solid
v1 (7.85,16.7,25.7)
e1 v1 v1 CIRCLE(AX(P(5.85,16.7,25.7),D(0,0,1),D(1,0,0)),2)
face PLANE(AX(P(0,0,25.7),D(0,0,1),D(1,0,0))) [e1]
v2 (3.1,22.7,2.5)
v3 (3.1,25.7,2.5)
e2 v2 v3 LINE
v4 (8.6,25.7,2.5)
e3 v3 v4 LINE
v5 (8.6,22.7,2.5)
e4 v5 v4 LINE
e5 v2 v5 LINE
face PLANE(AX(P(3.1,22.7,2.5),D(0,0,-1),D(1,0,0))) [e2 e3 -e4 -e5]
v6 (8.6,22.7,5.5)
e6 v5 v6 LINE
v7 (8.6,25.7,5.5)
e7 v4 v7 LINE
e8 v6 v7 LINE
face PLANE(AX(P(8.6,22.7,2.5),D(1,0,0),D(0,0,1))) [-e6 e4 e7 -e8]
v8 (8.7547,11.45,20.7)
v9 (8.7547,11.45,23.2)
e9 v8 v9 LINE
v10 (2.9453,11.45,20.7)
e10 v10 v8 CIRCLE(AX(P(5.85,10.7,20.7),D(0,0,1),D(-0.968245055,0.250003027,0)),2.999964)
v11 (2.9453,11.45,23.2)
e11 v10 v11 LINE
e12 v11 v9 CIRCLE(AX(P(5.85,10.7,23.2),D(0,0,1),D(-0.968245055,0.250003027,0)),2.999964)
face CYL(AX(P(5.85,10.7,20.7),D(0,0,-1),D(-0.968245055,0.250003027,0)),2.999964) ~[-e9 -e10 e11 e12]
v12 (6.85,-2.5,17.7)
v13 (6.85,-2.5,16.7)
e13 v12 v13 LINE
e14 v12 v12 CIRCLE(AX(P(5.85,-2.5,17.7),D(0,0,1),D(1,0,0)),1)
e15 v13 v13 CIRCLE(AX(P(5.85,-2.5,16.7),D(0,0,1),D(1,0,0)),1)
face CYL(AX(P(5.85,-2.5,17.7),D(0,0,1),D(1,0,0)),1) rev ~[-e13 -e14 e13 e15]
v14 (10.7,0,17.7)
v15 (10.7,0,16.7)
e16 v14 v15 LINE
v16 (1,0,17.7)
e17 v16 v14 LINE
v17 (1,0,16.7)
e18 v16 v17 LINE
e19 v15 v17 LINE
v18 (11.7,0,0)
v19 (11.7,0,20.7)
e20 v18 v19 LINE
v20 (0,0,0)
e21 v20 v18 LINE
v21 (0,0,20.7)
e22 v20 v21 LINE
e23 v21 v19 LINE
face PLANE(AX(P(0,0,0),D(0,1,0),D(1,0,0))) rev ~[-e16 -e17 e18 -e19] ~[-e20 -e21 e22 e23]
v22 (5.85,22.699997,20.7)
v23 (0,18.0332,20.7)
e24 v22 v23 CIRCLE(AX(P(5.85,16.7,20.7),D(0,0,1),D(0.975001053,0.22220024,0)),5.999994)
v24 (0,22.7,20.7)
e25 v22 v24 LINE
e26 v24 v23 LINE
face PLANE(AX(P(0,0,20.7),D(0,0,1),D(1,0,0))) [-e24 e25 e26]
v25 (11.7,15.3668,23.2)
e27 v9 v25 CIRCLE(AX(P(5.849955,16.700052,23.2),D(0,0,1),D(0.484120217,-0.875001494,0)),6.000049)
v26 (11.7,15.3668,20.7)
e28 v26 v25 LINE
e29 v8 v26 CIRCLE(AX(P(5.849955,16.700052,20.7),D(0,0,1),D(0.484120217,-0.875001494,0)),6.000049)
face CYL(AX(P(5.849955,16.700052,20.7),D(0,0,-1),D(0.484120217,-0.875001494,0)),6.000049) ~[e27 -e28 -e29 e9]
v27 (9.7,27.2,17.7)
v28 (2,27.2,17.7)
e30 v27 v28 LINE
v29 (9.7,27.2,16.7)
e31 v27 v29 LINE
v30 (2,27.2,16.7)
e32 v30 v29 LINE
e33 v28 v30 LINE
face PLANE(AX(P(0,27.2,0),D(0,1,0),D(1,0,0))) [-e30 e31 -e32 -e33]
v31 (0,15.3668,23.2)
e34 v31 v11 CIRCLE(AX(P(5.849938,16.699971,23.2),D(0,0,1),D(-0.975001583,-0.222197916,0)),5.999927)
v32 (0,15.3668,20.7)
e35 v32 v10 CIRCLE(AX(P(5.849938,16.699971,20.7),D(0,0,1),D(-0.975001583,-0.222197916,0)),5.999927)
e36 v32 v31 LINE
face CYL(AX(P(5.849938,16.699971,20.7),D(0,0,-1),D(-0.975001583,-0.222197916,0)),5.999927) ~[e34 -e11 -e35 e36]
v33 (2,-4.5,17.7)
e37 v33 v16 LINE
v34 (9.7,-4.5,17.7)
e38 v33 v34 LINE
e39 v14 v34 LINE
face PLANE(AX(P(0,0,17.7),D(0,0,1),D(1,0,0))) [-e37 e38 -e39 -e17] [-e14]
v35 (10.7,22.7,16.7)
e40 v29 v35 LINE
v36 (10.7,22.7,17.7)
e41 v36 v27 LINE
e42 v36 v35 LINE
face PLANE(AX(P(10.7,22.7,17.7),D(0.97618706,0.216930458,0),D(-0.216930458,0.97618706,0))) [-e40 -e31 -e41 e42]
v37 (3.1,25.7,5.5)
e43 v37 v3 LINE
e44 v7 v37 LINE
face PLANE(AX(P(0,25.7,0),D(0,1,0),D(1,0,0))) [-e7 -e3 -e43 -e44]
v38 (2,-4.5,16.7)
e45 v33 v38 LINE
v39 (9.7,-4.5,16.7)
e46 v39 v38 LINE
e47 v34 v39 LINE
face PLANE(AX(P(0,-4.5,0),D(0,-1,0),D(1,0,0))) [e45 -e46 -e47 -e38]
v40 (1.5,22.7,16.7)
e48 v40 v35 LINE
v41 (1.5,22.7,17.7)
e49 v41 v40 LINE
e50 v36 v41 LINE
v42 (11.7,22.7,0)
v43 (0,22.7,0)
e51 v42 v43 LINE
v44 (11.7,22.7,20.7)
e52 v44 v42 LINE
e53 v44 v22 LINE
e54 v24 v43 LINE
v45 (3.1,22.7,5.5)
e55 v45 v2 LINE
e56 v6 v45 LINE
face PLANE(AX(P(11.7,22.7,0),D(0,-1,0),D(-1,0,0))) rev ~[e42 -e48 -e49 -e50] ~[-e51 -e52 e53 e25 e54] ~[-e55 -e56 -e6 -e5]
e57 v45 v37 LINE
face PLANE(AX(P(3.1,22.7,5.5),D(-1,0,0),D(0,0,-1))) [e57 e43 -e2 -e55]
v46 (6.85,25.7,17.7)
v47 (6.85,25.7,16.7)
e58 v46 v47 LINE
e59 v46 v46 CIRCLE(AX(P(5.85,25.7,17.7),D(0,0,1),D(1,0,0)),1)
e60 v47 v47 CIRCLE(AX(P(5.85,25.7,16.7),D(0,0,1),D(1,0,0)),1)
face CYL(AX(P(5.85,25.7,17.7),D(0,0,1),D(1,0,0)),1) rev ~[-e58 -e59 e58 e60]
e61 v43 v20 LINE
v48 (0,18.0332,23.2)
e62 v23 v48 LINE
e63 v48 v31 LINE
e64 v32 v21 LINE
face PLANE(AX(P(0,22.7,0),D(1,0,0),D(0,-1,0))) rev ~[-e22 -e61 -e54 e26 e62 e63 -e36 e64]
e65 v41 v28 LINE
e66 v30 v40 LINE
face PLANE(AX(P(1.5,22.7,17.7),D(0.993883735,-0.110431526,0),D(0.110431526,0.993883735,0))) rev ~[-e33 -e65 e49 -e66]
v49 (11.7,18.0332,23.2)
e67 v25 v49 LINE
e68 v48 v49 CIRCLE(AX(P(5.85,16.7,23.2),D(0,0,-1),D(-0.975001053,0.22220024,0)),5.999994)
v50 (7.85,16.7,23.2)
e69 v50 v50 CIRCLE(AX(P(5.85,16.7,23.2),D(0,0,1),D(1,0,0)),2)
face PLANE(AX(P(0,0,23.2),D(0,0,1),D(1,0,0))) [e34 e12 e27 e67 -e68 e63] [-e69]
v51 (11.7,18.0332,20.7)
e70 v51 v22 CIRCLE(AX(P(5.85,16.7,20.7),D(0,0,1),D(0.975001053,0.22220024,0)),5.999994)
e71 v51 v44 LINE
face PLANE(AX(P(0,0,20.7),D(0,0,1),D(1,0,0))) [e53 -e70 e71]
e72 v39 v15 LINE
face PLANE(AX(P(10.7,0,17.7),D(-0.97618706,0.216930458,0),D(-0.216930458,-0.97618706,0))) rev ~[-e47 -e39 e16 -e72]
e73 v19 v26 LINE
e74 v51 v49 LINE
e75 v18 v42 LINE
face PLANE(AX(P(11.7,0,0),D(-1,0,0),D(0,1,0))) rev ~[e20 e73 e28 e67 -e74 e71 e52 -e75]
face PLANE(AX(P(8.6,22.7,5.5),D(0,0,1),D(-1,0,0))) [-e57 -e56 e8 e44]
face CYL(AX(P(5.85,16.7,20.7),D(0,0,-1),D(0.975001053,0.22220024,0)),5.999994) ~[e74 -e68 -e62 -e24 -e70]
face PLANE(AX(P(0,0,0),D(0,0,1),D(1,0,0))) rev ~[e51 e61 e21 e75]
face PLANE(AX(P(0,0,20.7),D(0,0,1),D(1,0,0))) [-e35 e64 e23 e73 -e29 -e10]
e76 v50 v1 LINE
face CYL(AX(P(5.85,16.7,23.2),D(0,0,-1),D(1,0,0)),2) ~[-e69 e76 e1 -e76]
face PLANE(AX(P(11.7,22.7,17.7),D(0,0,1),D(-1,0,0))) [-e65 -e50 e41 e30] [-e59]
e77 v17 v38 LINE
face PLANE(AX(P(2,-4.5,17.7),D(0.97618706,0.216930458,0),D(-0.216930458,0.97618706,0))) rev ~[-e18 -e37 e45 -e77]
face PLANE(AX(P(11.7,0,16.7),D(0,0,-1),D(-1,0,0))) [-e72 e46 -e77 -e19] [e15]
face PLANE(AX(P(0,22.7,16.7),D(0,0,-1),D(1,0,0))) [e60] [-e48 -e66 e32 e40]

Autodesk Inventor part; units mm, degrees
ref_plane "YZ Plane" through (0, 0, 0) normal (1, 0, 0) x (0, 1, 0)
ref_plane "XZ Plane" through (0, 0, 0) normal (0, 1, 0) x (-1, 0, 0)
ref_plane "XY Plane" through (0, 0, 0) normal (0, 0, 1) x (1, 0, 0)
sketch "スケッチ1" plane through (0, 0, 0) normal (0, 0, 1) x (1, 0, 0)
  line L0 (0, 0) -> (11.7, 0)
  line L1 (11.7, 0) -> (11.7, 22.7)
  line L2 (11.7, 22.7) -> (0, 22.7)
  line L3 (0, 22.7) -> (0, 0)
  dimension "d0" = 11.7
  dimension "d1" = 22.7
extrude "押し出し1" add sketch "スケッチ1" along normal blind 20.7
sketch "スケッチ2" plane through (0, 0, 20.7) normal (0, 0, 1) x (1, 0, 0)
  line L0 (11.7, 22.7) -> (0, 22.7) projected
  arc A0 (2.9453, 11.45) -> (8.7547, 11.45) centre (5.85, 10.7) ccw
  line L1 (0, 22.7) -> (0, 0) projected
  line L2 (11.7, 0) -> (11.7, 22.7) projected
  arc A1 (0, 15.3668) -> (2.9453, 11.45) centre (5.85, 16.7) ccw
  arc A2 (8.7547, 11.45) -> (11.7, 15.3668) centre (5.85, 16.7) ccw
  arc A3 (11.7, 18.0332) -> (0, 18.0332) centre (5.85, 16.7) ccw
  dimension "d5" = 6
  dimension "d6" = 6
extrude "押し出し2" add sketch "スケッチ2" along normal blind 2.5 contours A3 L2 A2 A0 A1 L1
sketch "スケッチ3" plane through (0, 0, 23.2) normal (0, 0, 1) x (1, 0, 0)
  arc A0 (11.7, 18.0332) -> (0, 18.0332) centre (5.85, 16.7) ccw projected
  circle A1 centre (5.85, 16.7) radius 2
  point P0 (0, 0)
  dimension "d9" = 4
extrude "押し出し3" add sketch "スケッチ3" along normal blind 2.5
sketch "スケッチ4" plane through (0, 0, 0) normal (0, -1, 0) x (1, 0, 0)
  line L0 (11.7, 0) -> (11.7, 20.7) projected
  line L1 (0, 17.7) -> (11.7, 17.7)
  line L2 (11.7, 17.7) -> (11.7, 16.7)
  line L3 (11.7, 16.7) -> (0, 16.7)
  line L4 (0, 16.7) -> (0, 17.7)
  point P0 (0, 0)
  dimension "d12" = 1
extrude "押し出し4" add sketch "スケッチ4" along normal blind 4.5
sketch "スケッチ5" plane through (0, 22.7, 0) normal (0, 1, 0) x (1, 0, 0)
  line L0 (11.7, -17.7) -> (11.7, -20.7) projected
  line L1 (11.7, -17.7) -> (0, -17.7)
  line L2 (0, -17.7) -> (0, -16.7)
  line L3 (0, -16.7) -> (11.7, -16.7)
  line L4 (11.7, -16.7) -> (11.7, -17.7)
  point P0 (0, 0)
  dimension "d15" = 1
extrude "押し出し5" add sketch "スケッチ5" along normal blind 4.5
sketch "スケッチ6" plane through (0, 0, 17.7) normal (0, 0, 1) x (1, 0, 0)
  line L0 (0, -4.5) -> (11.7, -4.5) projected
  line L1 (2, -4.5) -> (1, 0)
  line L2 (0, 0) -> (11.7, 0) projected
  line L3 (10.7, 0) -> (9.7, -4.5)
  line L4 (0, 27.2) -> (11.7, 27.2) projected
  line L5 (5.85, 22.7) -> (0, 22.7) projected
  line L6 (1.5, 22.7) -> (2, 27.2)
  line L7 (11.7, 22.7) -> (0, 22.7) projected
  line L8 (10.7, 22.7) -> (9.7, 27.2)
  circle A0 centre (5.85, 25.7) radius 1
  circle A1 centre (5.85, -2.5) radius 1
  line L9 (11.7, -4.5) -> (11.7, 0)
  line L10 (0, 0) -> (0, -4.5)
  line L11 (0, 22.7) -> (0, 27.2)
  line L12 (11.7, 27.2) -> (11.7, 22.7)
  line L13 (0, -4.5) -> (0, 0)
  line L14 (11.7, 0) -> (11.7, -4.5)
  line L15 (0, 22.7) -> (0, 27.2)
  line L16 (11.7, 27.2) -> (11.7, 22.7)
  line L17 (11.7, -4.5) -> (9.7, -4.5)
  line L18 (2, -4.5) -> (0, -4.5)
  line L19 (0, 0) -> (1, 0)
  line L20 (10.7, 0) -> (11.7, 0)
  line L21 (11.7, 22.7) -> (10.7, 22.7)
  line L22 (1.5, 22.7) -> (0, 22.7)
  line L23 (0, 27.2) -> (2, 27.2)
  line L24 (9.7, 27.2) -> (11.7, 27.2)
  dimension "d18" = 2
  dimension "d19" = 2
extrude "押し出し6" cut sketch "スケッチ6" against normal blind 4.5 contours L10 L2 L1 L0 | L3 L2 L9 L0 | L4 L6 L5 L11 | L4 L12 L7 L8 | A0 | A1
sketch "スケッチ7" plane through (0, 22.7, 0) normal (0, 1, 0) x (1, 0, 0)
  line L0 (3.1, -2.5) -> (8.6, -2.5)
  line L1 (8.6, -2.5) -> (8.6, -5.5)
  line L2 (8.6, -5.5) -> (3.1, -5.5)
  line L3 (3.1, -5.5) -> (3.1, -2.5)
  line L4 (0, 0) -> (0, -20.7) projected
  dimension "d22" = 5.5
  dimension "d23" = 3
extrude "押し出し7" add sketch "スケッチ7" along normal blind 3
properties part number "RB-001-Servo" material "ABS プラスチック"
